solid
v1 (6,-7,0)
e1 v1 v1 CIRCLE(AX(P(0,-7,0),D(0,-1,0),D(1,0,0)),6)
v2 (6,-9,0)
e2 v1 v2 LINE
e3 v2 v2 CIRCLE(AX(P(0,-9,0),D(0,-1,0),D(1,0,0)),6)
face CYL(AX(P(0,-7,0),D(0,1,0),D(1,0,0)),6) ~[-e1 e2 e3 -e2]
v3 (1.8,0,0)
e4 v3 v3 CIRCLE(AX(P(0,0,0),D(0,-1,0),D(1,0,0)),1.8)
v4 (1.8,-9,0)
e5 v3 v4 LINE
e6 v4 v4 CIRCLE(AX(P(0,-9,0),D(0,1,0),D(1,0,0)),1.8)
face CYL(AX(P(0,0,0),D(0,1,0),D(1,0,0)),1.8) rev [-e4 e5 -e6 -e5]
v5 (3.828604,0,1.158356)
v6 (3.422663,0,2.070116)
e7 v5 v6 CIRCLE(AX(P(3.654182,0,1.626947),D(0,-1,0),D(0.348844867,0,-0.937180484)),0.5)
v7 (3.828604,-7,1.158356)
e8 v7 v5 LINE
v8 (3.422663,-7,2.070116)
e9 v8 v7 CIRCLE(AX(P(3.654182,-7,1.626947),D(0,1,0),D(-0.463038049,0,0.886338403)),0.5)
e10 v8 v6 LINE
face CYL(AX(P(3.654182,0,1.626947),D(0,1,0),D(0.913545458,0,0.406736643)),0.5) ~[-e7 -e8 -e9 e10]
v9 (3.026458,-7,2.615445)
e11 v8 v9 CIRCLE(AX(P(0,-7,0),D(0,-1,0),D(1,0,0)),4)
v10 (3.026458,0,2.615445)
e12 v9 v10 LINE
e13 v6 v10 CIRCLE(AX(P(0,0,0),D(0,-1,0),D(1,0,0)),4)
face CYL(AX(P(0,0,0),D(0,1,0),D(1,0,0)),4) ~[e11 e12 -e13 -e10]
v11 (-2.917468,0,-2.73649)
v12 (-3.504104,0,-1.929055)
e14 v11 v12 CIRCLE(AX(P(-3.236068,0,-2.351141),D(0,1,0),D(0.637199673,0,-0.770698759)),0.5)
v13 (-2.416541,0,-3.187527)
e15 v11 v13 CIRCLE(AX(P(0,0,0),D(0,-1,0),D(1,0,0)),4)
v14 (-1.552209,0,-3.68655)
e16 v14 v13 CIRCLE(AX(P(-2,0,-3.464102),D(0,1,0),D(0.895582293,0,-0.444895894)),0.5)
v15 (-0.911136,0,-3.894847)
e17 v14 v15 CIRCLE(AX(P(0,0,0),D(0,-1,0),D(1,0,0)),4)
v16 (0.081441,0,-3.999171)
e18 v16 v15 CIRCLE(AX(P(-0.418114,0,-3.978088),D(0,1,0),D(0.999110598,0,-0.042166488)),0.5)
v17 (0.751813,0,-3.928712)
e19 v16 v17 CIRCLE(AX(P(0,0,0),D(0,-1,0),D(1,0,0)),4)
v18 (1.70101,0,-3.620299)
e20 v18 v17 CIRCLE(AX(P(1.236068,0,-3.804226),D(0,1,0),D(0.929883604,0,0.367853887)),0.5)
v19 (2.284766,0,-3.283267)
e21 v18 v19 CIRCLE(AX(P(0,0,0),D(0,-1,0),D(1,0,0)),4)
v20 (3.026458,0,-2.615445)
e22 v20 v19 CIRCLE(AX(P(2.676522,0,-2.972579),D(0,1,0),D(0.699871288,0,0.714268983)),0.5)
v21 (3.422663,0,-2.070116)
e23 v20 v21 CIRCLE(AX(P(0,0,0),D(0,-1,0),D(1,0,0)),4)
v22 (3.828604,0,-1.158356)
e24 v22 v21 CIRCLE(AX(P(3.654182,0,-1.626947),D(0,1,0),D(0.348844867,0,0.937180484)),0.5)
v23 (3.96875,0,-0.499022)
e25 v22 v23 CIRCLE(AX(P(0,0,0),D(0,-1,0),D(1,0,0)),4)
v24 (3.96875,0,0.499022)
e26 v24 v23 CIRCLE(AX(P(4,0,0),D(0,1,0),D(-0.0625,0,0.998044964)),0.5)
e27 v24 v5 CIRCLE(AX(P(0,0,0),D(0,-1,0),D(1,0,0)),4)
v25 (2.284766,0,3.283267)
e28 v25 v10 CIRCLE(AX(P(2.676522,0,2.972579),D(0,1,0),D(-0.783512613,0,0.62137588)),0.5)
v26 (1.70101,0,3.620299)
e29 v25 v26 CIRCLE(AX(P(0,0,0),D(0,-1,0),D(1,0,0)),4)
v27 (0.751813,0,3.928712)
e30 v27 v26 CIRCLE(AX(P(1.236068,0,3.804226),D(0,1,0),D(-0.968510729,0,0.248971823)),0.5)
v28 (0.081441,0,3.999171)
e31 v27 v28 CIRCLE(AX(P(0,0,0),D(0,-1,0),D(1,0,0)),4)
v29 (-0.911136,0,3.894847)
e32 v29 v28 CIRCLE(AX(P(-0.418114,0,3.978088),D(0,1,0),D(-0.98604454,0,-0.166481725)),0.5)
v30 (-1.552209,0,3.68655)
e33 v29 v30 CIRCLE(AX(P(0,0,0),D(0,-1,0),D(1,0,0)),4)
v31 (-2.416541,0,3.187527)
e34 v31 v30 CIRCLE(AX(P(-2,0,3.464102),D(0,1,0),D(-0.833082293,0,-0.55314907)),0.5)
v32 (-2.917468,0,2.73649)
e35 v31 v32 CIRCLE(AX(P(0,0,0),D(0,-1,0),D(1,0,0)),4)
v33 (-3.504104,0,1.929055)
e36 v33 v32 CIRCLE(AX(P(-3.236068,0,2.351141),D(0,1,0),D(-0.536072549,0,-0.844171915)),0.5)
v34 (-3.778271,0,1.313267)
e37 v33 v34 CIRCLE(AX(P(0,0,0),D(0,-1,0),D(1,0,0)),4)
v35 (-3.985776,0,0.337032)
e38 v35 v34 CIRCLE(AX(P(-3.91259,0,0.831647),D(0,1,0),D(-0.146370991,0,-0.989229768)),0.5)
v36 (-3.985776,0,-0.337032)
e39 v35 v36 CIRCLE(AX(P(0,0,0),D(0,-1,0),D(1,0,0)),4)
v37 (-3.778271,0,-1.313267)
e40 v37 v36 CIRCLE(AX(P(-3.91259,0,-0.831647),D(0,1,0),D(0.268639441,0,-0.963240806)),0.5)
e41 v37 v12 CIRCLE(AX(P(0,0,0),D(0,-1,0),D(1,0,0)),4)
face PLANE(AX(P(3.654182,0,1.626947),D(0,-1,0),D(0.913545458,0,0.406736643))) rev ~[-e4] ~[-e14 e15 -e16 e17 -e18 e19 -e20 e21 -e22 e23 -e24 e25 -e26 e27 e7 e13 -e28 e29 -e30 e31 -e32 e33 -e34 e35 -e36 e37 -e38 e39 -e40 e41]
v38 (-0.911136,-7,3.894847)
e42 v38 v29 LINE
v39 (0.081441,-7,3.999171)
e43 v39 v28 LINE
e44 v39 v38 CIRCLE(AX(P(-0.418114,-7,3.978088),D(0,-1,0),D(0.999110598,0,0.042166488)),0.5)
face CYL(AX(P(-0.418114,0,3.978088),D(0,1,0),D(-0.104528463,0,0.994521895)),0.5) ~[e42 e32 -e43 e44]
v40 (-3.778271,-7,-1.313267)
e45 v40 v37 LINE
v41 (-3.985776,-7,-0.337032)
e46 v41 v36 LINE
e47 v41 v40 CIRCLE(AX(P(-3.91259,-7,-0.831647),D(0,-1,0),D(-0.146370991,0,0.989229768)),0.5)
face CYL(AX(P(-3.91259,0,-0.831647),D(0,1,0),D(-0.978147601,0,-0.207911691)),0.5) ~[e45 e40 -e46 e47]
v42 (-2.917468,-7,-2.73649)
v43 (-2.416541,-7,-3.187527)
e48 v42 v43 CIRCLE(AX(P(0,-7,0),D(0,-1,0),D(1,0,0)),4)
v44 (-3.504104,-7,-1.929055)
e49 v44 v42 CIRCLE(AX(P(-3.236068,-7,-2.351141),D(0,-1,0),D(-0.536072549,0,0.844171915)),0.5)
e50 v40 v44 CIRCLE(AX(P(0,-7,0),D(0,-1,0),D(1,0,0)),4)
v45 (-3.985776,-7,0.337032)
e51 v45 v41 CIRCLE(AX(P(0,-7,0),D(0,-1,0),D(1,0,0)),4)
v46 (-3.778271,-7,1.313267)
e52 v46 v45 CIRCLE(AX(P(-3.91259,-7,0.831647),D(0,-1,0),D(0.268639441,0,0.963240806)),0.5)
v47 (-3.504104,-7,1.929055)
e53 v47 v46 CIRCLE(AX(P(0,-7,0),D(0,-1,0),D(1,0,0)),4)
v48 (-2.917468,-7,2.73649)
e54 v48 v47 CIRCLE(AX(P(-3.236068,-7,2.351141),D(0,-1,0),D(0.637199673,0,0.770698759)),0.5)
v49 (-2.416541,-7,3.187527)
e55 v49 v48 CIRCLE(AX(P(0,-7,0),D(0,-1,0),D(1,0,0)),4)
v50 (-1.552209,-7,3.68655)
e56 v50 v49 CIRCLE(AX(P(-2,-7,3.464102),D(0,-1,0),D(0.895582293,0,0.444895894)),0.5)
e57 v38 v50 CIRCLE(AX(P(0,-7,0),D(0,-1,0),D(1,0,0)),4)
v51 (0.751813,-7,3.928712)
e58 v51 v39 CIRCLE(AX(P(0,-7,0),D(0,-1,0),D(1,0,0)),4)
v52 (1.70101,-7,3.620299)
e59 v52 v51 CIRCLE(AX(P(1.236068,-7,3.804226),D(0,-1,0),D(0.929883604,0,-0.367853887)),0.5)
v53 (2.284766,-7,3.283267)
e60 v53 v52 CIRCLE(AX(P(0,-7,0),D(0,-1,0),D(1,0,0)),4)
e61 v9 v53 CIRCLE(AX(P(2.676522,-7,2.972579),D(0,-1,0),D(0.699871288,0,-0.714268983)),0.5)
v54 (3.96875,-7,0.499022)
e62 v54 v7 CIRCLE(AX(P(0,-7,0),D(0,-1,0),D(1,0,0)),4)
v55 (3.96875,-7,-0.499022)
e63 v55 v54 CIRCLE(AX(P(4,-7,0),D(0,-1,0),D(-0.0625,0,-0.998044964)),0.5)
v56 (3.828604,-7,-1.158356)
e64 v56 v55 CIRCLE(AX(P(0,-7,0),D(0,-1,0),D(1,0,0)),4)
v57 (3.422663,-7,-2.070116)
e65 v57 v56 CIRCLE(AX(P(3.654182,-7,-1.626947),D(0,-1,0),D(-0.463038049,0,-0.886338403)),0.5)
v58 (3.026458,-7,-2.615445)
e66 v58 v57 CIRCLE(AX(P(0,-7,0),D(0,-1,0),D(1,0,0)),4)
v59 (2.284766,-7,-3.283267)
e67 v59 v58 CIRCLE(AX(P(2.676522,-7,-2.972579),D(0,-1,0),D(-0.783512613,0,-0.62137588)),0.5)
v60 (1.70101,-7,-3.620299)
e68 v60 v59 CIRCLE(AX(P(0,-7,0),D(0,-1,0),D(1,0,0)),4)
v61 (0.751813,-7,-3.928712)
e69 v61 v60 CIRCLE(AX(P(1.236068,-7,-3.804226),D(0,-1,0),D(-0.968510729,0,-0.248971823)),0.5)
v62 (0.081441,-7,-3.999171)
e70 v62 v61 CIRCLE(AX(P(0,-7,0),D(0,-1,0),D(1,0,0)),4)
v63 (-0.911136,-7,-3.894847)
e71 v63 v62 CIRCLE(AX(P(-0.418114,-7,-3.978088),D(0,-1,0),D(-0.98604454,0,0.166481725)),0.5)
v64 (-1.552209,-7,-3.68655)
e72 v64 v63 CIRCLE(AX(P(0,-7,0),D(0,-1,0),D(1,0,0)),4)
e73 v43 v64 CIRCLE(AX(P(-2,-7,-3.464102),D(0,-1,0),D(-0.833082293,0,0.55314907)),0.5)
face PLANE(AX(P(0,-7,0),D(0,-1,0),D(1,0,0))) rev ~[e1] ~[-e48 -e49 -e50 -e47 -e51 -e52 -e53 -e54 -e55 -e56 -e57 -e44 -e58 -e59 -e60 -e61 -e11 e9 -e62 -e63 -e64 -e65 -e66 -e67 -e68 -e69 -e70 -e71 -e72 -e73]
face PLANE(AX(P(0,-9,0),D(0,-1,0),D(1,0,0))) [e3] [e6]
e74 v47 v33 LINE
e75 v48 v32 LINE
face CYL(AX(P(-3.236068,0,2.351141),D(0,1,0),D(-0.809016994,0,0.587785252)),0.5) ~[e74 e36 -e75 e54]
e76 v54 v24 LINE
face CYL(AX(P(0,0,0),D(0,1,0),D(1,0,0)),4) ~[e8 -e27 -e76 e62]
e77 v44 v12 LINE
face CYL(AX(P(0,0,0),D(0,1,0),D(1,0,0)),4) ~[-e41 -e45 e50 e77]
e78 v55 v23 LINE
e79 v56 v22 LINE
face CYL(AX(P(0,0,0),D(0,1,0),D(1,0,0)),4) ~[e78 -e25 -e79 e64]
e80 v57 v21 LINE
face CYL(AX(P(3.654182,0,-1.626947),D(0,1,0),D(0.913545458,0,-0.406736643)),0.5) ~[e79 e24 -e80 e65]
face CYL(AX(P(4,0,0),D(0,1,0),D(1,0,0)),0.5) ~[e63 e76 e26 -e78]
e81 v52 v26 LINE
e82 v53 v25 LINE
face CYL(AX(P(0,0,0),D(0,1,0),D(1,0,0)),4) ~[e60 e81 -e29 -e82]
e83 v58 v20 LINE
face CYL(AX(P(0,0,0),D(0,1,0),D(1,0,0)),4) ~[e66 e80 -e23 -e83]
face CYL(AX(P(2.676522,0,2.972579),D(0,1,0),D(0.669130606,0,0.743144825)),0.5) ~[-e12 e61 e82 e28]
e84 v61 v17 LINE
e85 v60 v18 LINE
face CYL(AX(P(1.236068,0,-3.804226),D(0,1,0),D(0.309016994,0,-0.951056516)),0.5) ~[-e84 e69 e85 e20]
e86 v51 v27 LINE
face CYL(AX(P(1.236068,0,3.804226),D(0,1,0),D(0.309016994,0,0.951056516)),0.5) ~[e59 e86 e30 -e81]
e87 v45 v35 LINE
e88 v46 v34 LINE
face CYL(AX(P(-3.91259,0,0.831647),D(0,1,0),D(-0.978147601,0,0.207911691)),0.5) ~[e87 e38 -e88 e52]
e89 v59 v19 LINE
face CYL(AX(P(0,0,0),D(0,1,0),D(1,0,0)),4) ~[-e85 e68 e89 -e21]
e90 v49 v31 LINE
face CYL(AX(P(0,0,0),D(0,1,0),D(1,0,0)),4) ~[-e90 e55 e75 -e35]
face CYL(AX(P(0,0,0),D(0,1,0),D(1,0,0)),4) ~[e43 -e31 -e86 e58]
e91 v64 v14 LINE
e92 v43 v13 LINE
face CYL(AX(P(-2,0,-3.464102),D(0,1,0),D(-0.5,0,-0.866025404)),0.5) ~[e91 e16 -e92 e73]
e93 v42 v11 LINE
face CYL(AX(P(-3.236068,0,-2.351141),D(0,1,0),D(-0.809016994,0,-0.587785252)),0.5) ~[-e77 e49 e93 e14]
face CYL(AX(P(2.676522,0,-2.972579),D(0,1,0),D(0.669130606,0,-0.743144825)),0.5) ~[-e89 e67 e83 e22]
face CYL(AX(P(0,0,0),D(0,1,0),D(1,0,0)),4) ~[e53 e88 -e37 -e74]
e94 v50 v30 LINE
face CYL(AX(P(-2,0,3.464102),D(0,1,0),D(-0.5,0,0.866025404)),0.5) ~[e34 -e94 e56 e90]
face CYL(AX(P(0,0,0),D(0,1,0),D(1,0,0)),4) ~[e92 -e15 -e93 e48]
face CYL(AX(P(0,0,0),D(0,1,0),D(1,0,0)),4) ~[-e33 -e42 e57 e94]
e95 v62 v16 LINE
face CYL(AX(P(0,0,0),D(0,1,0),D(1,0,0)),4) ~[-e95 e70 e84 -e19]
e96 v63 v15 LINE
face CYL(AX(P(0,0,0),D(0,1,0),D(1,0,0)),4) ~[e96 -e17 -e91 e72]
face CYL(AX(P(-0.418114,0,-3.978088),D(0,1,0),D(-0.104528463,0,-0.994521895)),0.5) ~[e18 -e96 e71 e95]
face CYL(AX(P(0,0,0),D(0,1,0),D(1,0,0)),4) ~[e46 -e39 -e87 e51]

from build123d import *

# Parameters (mm, degrees)
CYLINDER011034_R     = 1.8
CYLINDER011034_DEPTH = 20
CYLINDER011033_R     = 6
CYLINDER011033_DEPTH = 2
CYLINDER011035_R     = 0.5
CYLINDER011035_DEPTH = 7
ARRAY018_COUNT       = 15
CYLINDER011032_R     = 4
CYLINDER011032_DEPTH = 7


with BuildPart() as belt_attach_bolt_hole001:
    # Cylinder011034 → Cylinder011034 (new body)
    with BuildSketch(Plane.XZ):
        Circle(CYLINDER011034_R)
    extrude(amount=CYLINDER011034_DEPTH)


with BuildPart() as belt_disk001:
    # Cylinder011033 → Cylinder011033 (new body)
    with BuildSketch(Plane.XZ.offset(7)):
        Circle(CYLINDER011033_R)
    extrude(amount=CYLINDER011033_DEPTH)


with BuildPart() as belt_pin_array001:
    # Cylinder011035 → Cylinder011035 (new body)
    with BuildSketch(Plane(origin=(4, 0, 0), x_dir=(1, 0, 0), z_dir=(0, -1, 0))):
        Circle(CYLINDER011035_R)
    extrude(amount=CYLINDER011035_DEPTH)

    # Array018: belt pin array001 ×15 about axis
    array018_axis = Axis((0, 0, 0), (0, 1, 0))


with BuildPart() as belt_pin_array001_1:
    add(belt_pin_array001.part)
    for i in range(1, ARRAY018_COUNT):
        add(belt_pin_array001.part.rotate(array018_axis, i * 360 / ARRAY018_COUNT))


with BuildPart() as horizontal_belt_attach_cut:
    # Cylinder011032 → Cylinder011032 (new body)
    with BuildSketch(Plane.XZ):
        Circle(CYLINDER011032_R)
    extrude(amount=CYLINDER011032_DEPTH)

    # Fusion012: union belt disk001, belt pin array001
    add(belt_disk001.part)
    add(belt_pin_array001_1.part)

    # Cut023015009022: cut belt attach bolt hole001
    add(belt_attach_bolt_hole001.part, mode=Mode.SUBTRACT)


solid = horizontal_belt_attach_cut.part
